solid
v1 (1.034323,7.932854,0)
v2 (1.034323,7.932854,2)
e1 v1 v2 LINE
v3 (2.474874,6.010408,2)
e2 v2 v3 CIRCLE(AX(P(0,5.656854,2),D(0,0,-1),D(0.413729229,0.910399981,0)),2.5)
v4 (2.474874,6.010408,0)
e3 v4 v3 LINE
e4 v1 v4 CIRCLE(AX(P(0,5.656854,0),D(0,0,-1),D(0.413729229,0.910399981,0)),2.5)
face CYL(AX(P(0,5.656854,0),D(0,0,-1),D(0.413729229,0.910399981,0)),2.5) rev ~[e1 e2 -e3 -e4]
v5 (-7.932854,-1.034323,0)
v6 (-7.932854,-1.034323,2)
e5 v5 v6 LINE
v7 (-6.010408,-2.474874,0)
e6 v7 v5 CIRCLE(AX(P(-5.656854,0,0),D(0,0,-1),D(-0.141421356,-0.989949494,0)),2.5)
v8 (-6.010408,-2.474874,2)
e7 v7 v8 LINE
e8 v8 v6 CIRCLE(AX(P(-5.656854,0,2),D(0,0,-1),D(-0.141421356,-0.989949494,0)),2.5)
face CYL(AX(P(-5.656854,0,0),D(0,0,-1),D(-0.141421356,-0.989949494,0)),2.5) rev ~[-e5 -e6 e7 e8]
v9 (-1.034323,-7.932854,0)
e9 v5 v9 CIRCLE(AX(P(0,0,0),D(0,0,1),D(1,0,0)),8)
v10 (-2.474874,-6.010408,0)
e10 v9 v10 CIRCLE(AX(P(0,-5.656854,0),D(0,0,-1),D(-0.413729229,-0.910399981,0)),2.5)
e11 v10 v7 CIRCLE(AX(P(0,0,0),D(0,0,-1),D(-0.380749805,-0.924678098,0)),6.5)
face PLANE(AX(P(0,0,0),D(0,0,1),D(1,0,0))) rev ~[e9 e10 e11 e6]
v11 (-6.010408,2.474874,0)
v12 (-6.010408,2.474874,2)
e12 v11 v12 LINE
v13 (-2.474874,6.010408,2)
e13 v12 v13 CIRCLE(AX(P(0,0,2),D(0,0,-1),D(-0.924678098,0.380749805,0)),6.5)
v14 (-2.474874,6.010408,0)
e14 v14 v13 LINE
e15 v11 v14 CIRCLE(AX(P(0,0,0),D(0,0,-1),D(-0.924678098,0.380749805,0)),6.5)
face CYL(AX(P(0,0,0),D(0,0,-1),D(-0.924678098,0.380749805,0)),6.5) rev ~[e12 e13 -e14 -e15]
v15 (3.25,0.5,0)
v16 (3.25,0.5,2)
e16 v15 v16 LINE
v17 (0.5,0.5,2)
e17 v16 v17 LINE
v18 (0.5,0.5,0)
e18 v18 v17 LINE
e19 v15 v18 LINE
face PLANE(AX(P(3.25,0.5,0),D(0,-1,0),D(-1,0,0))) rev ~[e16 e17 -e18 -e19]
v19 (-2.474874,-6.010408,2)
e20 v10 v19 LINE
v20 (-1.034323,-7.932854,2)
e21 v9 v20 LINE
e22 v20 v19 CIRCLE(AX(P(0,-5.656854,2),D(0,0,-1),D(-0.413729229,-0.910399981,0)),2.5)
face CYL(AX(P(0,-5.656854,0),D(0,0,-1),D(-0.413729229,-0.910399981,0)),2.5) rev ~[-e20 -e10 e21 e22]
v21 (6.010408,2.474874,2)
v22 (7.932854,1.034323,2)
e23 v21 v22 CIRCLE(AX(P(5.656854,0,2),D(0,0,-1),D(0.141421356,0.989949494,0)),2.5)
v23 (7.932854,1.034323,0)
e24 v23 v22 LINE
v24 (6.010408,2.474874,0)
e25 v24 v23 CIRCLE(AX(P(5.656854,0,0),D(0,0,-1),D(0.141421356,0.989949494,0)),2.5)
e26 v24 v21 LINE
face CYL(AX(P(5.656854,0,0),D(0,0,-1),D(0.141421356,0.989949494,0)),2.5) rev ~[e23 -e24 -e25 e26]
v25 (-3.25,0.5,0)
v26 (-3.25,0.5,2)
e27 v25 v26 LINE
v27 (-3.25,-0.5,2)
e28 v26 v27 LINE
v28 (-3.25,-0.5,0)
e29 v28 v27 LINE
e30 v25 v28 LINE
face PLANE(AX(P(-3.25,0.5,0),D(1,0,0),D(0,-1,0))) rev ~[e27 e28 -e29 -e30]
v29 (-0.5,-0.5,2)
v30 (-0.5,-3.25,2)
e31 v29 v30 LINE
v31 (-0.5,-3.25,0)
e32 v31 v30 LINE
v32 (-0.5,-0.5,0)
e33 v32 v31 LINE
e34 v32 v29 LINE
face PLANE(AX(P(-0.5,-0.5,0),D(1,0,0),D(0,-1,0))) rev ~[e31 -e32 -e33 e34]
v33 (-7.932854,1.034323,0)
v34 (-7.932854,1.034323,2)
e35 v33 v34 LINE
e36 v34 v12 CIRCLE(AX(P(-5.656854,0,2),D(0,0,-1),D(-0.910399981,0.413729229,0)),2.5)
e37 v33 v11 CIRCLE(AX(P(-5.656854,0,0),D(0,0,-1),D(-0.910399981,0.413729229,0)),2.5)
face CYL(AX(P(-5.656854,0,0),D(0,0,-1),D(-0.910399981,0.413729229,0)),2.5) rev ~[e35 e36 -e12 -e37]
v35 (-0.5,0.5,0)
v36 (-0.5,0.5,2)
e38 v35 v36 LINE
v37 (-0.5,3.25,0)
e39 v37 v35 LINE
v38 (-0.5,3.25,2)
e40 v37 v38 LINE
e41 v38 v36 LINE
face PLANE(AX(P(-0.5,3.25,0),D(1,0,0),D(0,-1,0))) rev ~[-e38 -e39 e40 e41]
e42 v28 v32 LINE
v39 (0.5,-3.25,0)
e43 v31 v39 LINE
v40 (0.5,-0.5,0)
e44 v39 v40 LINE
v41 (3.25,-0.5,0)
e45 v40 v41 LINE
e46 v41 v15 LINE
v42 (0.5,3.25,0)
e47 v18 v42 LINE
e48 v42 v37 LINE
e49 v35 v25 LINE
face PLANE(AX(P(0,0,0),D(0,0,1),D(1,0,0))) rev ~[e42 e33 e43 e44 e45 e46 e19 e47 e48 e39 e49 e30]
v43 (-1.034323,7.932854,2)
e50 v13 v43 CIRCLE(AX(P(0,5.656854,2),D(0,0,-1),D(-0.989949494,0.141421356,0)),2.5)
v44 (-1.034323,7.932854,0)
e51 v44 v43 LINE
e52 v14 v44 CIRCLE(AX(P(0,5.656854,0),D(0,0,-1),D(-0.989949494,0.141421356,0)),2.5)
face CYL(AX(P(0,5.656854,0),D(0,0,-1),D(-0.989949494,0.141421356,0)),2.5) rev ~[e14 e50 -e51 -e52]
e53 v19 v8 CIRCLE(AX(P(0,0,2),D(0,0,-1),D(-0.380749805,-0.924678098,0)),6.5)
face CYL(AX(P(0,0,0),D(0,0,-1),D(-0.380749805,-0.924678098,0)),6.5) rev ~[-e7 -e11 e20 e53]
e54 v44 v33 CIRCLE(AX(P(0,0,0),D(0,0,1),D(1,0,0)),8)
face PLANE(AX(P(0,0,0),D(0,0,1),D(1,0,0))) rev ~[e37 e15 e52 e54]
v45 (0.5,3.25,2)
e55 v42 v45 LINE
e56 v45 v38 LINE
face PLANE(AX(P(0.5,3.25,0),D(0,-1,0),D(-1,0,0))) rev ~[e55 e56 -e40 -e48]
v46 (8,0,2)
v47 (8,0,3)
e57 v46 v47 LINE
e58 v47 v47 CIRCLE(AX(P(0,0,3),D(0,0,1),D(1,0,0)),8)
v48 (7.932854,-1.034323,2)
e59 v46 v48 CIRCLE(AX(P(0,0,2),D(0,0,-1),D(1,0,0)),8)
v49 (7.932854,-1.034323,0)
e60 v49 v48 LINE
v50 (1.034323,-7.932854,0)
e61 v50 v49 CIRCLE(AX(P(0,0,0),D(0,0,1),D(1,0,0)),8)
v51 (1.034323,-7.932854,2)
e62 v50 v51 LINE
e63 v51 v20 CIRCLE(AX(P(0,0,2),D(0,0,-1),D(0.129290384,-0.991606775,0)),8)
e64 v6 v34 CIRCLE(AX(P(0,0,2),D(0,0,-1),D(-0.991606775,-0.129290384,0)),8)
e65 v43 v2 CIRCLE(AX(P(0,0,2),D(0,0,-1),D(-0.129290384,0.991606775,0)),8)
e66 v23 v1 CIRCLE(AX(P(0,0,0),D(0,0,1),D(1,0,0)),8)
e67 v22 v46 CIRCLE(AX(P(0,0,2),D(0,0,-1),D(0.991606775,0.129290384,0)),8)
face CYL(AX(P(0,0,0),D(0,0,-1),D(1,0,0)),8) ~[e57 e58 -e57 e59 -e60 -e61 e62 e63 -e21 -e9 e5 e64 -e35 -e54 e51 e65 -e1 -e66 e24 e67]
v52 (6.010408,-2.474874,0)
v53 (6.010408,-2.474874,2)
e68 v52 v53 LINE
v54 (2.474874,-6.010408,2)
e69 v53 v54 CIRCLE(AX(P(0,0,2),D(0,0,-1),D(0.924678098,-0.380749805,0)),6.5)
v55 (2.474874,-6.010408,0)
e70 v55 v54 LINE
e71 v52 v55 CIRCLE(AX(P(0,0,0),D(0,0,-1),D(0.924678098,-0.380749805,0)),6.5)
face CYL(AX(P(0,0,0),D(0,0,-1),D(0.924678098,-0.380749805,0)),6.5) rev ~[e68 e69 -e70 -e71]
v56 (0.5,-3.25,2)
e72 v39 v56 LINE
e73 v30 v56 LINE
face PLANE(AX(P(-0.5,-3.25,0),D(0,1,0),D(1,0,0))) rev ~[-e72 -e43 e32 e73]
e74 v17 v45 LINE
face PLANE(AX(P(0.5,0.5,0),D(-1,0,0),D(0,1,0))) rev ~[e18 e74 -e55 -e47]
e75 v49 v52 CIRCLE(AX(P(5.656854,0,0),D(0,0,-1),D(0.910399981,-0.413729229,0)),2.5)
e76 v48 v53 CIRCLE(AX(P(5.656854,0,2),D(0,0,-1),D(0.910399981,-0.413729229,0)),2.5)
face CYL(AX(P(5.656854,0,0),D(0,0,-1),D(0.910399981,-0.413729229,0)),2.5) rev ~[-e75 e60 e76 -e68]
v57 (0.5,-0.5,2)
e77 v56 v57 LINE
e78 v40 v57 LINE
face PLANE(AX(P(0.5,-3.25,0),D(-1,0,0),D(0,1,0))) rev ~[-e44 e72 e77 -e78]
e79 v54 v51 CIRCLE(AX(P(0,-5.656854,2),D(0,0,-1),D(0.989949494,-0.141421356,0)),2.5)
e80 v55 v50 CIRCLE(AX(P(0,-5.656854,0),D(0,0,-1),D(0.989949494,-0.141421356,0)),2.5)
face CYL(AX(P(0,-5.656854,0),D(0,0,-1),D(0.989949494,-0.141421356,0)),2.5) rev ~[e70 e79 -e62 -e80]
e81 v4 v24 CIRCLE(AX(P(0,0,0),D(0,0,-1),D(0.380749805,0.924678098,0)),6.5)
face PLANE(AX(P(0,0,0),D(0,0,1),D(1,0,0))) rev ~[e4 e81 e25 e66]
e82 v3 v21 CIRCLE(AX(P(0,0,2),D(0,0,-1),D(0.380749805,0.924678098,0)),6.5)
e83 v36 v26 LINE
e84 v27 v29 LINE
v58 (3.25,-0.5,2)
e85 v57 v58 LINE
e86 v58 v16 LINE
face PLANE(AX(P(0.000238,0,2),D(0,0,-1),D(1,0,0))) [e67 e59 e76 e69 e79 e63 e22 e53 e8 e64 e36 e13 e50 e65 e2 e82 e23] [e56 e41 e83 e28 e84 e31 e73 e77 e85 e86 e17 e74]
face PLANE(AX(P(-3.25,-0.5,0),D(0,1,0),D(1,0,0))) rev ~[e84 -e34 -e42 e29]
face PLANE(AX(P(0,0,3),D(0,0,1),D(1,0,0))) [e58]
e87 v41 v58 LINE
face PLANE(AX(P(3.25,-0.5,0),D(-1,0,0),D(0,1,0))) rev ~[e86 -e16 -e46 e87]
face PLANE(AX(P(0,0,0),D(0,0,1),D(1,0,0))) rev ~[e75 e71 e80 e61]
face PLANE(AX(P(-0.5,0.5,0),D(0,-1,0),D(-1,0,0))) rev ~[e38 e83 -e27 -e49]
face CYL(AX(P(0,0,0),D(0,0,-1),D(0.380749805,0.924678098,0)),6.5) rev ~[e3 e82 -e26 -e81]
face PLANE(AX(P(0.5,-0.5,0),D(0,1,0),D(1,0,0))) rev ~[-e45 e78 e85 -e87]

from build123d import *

# Parameters (mm, degrees)
F0_R     = 8
F1_DEPTH = 3
F3_DEPTH = 2


with BuildPart() as f1:
    # F0 (on Top) → F1 (new body)
    with BuildSketch(Plane.XY):
        Circle(F0_R)
    extrude(amount=F1_DEPTH)

    # F2 (on face) → F3 (cut)
    with BuildSketch(Plane(origin=(0, 0, 0), x_dir=(1, 0, 0), z_dir=(0, 0, -1))):
        with BuildLine():
            ThreePointArc((-7.9328542014, -1.0343230727), (-7.1559987547, -2.0006413353), (-6.0104076401, -2.4748737342))
            ThreePointArc((-6.0104076401, -2.4748737342), (-4.5961940777, -4.5961940777), (-2.4748737342, -6.0104076401))
            ThreePointArc((-2.4748737342, -6.0104076401), (-2.0006413353, -7.1559987547), (-1.0343230727, -7.9328542014))
            ThreePointArc((-1.0343230727, -7.9328542014), (0, -8), (1.0343230727, -7.9328542014))
            ThreePointArc((1.0343230727, -7.9328542014), (2.0006413353, -7.1559987547), (2.4748737342, -6.0104076401))
            ThreePointArc((2.4748737342, -6.0104076401), (4.5961940777, -4.5961940777), (6.0104076401, -2.4748737342))
            ThreePointArc((6.0104076401, -2.4748737342), (7.1559987547, -2.0006413353), (7.9328542014, -1.0343230727))
            ThreePointArc((7.9328542014, -1.0343230727), (7.9831959018, -0.5182501271), (8, 0))
            ThreePointArc((8, 0), (7.9831959018, 0.5182501271), (7.9328542014, 1.0343230727))
            ThreePointArc((7.9328542014, 1.0343230727), (7.1559987547, 2.0006413353), (6.0104076401, 2.4748737342))
            ThreePointArc((6.0104076401, 2.4748737342), (4.5961940777, 4.5961940777), (2.4748737342, 6.0104076401))
            ThreePointArc((2.4748737342, 6.0104076401), (2.0006413353, 7.1559987547), (1.0343230727, 7.9328542014))
            ThreePointArc((1.0343230727, 7.9328542014), (0, 8), (-1.0343230727, 7.9328542014))
            ThreePointArc((-1.0343230727, 7.9328542014), (-2.0006413353, 7.1559987547), (-2.4748737342, 6.0104076401))
            ThreePointArc((-2.4748737342, 6.0104076401), (-4.5961940777, 4.5961940777), (-6.0104076401, 2.4748737342))
            ThreePointArc((-6.0104076401, 2.4748737342), (-7.1559987547, 2.0006413353), (-7.9328542014, 1.0343230727))
            ThreePointArc((-7.9328542014, 1.0343230727), (-8, 0), (-7.9328542014, -1.0343230727))
        make_face()
        Polygon((-0.5, 0.5), (-0.5, 3.25), (0.5, 3.25), (0.5, 0.5), (3.25, 0.5), (3.25, -0.5), (0.5, -0.5), (0.5, -3.25), (-0.5, -3.25), (-0.5, -0.5), (-3.25, -0.5), (-3.25, 0.5), align=None, mode=Mode.SUBTRACT)
    extrude(amount=-F3_DEPTH, mode=Mode.SUBTRACT)


solid = f1.part
